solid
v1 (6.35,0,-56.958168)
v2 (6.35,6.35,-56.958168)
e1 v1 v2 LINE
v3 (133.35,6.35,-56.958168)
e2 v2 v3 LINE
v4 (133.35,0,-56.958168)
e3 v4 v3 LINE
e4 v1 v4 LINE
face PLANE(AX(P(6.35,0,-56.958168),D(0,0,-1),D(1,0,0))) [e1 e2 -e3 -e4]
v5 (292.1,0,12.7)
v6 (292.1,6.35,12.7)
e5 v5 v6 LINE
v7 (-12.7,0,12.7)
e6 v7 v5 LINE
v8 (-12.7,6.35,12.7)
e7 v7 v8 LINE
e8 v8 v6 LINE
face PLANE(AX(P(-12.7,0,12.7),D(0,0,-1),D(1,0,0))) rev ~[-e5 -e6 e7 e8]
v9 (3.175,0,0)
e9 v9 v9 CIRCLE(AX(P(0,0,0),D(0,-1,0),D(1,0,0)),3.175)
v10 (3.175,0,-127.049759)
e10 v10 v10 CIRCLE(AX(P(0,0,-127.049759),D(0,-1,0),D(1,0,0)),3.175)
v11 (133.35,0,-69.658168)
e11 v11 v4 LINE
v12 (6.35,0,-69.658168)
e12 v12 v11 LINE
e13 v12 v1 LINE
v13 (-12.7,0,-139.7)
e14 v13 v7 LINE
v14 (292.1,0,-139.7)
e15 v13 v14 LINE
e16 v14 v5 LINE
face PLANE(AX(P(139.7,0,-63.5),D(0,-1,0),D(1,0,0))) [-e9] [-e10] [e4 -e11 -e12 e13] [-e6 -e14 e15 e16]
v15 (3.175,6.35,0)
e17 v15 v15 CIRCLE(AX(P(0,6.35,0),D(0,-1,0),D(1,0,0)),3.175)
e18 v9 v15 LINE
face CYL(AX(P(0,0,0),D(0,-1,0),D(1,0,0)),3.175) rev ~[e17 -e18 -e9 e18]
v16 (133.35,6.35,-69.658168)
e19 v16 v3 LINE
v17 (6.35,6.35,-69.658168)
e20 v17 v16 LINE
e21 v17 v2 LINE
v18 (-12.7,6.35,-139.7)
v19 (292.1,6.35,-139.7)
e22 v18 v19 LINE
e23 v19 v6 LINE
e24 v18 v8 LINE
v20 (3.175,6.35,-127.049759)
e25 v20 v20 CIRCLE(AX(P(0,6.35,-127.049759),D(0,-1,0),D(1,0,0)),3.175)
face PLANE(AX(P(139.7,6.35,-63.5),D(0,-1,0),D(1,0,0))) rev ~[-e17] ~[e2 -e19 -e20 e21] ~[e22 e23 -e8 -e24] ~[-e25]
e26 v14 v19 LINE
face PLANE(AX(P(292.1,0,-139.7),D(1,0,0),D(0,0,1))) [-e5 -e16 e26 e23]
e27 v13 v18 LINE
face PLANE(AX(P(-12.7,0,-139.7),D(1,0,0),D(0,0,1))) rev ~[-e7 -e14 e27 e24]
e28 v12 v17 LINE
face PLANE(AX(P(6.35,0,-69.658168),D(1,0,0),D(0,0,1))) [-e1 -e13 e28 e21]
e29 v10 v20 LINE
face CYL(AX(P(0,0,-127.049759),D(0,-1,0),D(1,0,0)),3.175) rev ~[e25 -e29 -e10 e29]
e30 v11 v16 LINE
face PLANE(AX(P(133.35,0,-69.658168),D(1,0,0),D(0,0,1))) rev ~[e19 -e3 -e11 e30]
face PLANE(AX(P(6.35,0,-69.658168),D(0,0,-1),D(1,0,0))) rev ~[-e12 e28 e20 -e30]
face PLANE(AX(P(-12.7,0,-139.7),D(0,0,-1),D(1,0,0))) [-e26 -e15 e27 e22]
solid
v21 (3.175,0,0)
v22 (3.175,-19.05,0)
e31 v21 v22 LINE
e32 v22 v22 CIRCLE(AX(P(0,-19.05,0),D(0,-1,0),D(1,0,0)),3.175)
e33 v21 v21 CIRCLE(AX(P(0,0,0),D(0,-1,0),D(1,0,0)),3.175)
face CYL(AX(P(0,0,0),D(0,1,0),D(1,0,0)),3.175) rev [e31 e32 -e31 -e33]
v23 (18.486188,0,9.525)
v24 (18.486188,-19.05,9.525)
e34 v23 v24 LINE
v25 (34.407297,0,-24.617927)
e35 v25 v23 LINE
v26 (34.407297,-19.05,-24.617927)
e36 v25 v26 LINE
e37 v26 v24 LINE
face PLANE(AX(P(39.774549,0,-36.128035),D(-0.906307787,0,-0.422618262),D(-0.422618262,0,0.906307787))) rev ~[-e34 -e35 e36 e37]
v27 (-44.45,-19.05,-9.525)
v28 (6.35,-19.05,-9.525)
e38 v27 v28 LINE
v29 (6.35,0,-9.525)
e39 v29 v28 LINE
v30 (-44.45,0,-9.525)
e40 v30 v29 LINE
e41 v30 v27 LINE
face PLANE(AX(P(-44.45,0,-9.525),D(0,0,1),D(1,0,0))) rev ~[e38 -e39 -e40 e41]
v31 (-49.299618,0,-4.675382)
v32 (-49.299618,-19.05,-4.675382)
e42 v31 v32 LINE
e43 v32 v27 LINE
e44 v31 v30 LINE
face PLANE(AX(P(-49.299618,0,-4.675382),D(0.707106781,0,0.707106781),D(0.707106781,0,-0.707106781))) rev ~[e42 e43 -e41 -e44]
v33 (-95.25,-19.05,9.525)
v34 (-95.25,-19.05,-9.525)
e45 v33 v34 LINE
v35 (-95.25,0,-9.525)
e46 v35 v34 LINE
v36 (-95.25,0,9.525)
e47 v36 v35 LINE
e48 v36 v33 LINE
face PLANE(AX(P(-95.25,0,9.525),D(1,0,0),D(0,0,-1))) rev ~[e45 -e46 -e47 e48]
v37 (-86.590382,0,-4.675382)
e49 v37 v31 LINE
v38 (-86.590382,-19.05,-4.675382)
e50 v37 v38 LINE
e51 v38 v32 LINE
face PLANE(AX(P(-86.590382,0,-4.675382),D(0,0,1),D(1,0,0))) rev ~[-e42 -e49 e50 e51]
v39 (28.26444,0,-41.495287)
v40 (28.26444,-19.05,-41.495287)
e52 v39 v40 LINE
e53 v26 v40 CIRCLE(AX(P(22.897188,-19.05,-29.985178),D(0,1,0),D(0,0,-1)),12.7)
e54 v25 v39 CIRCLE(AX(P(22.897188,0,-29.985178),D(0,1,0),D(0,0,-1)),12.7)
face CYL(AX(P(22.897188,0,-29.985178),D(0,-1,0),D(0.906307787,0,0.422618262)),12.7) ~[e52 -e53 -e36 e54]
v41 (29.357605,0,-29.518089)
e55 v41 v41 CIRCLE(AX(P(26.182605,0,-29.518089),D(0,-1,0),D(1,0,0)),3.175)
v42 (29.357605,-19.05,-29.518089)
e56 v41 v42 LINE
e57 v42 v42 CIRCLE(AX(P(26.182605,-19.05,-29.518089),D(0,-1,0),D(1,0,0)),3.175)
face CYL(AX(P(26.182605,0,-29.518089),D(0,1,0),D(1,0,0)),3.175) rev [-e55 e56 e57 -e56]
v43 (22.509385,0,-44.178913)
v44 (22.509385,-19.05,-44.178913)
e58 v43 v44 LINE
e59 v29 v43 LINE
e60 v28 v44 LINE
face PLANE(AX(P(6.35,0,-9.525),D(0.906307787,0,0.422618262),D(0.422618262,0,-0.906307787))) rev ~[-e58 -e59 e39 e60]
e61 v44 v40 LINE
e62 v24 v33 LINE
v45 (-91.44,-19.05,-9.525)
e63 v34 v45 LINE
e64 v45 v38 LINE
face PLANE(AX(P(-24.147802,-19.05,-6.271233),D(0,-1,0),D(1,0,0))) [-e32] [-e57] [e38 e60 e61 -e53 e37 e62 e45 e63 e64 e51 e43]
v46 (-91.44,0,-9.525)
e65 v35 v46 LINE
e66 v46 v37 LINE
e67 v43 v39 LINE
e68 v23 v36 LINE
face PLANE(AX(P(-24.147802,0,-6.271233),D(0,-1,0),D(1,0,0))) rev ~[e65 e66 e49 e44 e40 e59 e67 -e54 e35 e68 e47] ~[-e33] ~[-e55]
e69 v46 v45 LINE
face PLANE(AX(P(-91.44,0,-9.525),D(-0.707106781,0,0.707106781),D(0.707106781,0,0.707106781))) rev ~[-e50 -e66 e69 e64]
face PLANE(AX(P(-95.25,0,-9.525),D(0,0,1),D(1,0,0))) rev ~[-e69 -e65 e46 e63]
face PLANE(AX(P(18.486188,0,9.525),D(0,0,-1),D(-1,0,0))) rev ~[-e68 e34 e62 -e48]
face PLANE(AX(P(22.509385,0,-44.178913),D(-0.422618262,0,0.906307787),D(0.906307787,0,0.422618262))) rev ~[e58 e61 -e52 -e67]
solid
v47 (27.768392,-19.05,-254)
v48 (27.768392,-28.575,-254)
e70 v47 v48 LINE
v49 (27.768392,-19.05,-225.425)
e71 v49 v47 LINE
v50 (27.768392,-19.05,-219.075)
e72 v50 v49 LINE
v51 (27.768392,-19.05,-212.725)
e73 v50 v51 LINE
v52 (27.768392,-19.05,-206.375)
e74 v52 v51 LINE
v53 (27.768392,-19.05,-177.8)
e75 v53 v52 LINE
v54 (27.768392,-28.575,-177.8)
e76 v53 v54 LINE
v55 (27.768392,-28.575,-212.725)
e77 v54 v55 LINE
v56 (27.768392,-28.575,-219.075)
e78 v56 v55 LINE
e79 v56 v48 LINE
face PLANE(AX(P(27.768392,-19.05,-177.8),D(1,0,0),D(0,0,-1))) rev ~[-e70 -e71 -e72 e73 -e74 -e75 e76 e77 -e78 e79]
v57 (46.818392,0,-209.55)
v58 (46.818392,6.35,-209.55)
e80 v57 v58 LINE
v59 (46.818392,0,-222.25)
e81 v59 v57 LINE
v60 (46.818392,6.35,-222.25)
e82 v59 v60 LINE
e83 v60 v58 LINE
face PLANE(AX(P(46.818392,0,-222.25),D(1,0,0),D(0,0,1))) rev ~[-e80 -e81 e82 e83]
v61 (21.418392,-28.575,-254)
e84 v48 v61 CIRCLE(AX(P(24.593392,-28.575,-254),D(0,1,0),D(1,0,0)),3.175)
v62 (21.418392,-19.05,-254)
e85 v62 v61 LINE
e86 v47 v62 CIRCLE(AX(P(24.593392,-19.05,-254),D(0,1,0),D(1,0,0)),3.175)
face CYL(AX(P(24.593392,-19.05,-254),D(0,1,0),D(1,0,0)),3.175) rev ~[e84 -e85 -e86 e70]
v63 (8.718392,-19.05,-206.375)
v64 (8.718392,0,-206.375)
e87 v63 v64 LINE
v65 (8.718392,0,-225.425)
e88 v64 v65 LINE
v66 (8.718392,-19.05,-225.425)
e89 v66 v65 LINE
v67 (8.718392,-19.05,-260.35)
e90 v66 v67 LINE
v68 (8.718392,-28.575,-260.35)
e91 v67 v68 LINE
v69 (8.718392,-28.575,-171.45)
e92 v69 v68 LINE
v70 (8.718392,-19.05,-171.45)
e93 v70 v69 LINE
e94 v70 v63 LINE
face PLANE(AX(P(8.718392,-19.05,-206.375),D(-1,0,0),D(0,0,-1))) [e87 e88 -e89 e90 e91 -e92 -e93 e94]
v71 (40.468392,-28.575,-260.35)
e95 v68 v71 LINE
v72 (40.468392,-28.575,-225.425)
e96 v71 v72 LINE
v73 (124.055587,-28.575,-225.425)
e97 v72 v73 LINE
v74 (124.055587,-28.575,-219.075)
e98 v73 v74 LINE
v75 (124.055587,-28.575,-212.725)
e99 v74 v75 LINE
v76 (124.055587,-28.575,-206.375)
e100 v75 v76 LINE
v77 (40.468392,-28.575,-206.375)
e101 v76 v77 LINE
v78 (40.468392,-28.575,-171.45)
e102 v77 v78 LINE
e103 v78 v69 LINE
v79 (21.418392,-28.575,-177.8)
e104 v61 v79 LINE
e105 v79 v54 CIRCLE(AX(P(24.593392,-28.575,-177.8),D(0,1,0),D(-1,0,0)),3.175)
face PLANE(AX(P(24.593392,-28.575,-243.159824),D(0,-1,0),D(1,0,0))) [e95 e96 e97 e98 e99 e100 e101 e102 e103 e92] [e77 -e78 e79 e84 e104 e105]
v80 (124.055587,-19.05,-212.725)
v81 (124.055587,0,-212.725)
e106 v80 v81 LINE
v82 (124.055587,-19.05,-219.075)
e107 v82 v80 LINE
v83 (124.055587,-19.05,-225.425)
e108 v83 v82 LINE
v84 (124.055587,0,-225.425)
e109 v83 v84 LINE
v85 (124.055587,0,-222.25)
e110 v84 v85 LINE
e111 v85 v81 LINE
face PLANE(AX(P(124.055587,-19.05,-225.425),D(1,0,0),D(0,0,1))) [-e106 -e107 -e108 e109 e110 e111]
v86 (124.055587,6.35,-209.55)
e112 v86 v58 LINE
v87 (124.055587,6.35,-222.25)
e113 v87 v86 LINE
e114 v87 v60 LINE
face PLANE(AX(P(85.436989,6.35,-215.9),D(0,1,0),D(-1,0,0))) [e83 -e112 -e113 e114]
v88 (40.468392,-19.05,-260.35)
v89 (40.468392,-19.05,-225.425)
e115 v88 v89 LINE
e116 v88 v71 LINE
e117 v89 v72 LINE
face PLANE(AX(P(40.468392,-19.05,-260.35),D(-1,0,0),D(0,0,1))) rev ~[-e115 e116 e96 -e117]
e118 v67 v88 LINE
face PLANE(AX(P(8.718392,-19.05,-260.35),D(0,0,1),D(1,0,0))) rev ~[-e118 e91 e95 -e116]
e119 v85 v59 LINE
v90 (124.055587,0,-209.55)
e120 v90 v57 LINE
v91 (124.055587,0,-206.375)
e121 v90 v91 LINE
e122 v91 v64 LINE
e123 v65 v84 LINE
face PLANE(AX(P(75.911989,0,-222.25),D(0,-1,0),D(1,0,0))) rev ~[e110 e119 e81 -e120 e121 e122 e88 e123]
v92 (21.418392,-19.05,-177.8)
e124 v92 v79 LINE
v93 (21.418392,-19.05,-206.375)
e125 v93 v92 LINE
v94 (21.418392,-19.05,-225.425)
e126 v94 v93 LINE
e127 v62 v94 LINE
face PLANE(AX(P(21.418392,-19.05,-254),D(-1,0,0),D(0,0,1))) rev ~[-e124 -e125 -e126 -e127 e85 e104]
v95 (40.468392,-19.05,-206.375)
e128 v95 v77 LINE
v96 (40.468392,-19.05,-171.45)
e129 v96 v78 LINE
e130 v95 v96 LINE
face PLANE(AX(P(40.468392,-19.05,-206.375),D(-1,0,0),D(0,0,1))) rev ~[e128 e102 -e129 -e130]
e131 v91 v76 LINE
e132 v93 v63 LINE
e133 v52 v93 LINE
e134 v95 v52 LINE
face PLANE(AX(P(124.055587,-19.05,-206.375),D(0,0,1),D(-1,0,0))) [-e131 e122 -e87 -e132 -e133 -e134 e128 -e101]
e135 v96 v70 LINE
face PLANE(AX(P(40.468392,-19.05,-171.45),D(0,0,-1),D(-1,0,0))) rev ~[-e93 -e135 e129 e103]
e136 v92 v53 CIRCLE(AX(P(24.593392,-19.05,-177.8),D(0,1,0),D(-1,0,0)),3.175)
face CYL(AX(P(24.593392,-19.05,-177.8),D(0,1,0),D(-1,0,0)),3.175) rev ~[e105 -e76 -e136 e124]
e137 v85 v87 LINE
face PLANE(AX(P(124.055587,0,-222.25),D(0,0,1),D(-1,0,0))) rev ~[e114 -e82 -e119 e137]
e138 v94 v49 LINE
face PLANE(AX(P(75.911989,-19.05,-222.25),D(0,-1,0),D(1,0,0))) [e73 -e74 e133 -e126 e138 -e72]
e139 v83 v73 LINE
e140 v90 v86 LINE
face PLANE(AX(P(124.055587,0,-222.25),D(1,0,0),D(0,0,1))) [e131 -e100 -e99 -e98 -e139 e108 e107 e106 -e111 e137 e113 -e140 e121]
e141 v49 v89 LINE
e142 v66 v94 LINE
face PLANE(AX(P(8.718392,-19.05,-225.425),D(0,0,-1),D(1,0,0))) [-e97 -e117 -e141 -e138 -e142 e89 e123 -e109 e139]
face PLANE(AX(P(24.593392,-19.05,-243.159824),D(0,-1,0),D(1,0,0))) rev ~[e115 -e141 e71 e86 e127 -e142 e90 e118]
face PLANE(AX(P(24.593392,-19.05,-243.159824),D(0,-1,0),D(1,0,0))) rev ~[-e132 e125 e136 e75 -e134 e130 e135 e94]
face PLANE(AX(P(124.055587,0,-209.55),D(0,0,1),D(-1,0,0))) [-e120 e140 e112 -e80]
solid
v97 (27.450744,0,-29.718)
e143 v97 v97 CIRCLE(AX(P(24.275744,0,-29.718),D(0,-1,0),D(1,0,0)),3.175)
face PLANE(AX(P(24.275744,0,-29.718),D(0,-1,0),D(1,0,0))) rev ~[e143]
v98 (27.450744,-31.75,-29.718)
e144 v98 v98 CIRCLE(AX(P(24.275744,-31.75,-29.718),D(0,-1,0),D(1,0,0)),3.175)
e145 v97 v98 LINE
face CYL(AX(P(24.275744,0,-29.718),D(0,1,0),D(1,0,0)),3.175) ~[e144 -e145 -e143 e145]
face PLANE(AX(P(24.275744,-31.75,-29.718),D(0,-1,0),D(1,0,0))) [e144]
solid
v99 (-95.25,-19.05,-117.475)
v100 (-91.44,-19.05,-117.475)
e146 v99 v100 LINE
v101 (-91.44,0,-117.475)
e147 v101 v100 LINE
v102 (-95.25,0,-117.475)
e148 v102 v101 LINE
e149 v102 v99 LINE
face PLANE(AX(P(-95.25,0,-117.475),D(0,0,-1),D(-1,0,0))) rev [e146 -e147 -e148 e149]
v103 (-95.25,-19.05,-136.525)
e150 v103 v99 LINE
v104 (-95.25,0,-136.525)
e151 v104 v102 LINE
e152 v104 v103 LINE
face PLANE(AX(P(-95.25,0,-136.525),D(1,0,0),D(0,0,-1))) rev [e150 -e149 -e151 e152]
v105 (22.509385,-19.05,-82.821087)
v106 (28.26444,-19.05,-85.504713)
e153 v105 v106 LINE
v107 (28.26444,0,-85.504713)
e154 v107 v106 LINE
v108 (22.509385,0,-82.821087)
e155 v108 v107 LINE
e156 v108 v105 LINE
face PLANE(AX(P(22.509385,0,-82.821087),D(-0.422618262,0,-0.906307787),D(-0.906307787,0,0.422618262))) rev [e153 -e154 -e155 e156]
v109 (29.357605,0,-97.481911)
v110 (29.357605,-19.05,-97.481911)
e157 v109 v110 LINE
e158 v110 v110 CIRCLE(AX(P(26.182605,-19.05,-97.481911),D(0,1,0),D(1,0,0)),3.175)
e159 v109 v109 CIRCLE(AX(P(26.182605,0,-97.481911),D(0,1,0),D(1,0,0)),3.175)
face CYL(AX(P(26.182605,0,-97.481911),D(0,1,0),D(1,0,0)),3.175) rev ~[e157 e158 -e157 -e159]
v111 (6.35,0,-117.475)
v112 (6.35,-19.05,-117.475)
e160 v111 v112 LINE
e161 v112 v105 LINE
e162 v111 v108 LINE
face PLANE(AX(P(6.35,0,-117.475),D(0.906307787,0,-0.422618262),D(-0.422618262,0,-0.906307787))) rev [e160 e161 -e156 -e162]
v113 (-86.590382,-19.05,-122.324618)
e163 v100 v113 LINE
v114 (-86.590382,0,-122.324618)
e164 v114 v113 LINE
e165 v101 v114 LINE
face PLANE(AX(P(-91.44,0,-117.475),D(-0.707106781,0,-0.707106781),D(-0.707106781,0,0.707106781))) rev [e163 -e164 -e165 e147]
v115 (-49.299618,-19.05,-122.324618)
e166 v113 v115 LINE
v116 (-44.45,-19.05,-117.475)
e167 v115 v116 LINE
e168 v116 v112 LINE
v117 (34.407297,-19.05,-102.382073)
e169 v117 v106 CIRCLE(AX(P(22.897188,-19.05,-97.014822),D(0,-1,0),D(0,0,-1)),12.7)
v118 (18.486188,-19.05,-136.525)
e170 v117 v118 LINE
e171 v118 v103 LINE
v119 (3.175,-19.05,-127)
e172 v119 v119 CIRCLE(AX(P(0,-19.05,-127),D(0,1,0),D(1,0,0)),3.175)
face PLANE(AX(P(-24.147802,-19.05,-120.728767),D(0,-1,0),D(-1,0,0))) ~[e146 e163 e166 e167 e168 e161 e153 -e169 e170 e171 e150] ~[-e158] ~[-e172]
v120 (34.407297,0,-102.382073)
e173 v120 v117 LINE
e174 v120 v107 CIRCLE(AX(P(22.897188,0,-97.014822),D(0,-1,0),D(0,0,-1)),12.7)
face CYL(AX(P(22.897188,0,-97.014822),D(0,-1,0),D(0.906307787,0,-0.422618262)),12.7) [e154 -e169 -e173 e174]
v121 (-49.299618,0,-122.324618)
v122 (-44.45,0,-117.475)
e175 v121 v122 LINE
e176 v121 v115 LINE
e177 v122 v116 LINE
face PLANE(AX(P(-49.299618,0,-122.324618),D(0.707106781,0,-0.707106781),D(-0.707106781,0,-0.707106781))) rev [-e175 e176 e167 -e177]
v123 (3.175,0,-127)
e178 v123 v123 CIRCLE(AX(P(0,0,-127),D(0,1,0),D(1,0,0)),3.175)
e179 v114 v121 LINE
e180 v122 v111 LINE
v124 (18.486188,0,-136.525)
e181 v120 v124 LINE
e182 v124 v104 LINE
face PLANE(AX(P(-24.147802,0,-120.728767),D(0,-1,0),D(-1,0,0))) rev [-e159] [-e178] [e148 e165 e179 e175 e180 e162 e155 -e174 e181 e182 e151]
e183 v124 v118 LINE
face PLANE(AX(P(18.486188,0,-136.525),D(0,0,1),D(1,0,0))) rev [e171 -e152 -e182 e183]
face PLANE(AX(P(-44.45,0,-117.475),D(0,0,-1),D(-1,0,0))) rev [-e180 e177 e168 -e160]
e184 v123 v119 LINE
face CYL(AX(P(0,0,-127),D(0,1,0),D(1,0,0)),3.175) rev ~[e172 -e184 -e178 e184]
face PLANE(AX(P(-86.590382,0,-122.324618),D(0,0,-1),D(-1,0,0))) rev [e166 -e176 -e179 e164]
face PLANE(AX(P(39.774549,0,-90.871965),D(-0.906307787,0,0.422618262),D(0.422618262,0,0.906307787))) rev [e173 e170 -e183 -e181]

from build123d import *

# Parameters (mm, degrees)
F0_R      = 3.175
F1_DEPTH  = 19.05
F5_W      = 304.8
F5_H      = 152.4
F5_R      = 3.175
F5_W_2    = 127
F5_H_2    = 12.7
F6_DEPTH  = 6.35
F8_R      = 12.7
F8_2_R    = 12.7
F9_R      = 3.175
F10_DEPTH = 31.75
F11_W     = 12.7
F11_H     = 6.35
F11_W_2   = 96.2871945223
F12_DEPTH = 9.525
F11_W_3   = 6.35
F13_DEPTH = 19.05
F14_W     = 77.2371945223
F14_H     = 12.7
F15_DEPTH = 6.35


with BuildPart() as f1:
    # F0 (on Front) → F1 (new body)
    with BuildSketch(Plane.XZ):
        Polygon((18.4861884684, 9.525), (-95.25, 9.525), (-95.25, -9.525), (-91.44, -9.525), (-86.5903822696, -4.6753822696), (-49.2996177304, -4.6753822696), (-44.45, -9.525), (6.35, -9.525), (22.5093851571, -44.1789133007), (39.7745485002, -36.1280354145), align=None)
        with Locations((26.1826050089, -29.5180886138)):
            Circle(F0_R, mode=Mode.SUBTRACT)
        Circle(F0_R, mode=Mode.SUBTRACT)
    extrude(amount=F1_DEPTH)


with BuildPart() as f4_1:
    # F4: instance of F1
    add(f1.part.mirror(Plane.XY.offset(-63.5)))

    # F8#2
    f8_2_edges = [f4_1.edges().sort_by_distance(p)[0] for p in [
        (39.774549, -9.525, -90.871965),
    ]]
    fillet(f8_2_edges, radius=F8_2_R)


with BuildPart() as f6:
    # F5 (on Front) → F6 (new body)
    with BuildSketch(Plane.XZ):
        with Locations((139.7, -63.5)):
            Rectangle(F5_W, F5_H)
        with Locations((0, -127.0497590303)):
            Circle(F5_R, mode=Mode.SUBTRACT)
        with Locations((69.85, -63.3081676602)):
            Rectangle(F5_W_2, F5_H_2, mode=Mode.SUBTRACT)
        Circle(F5_R, mode=Mode.SUBTRACT)
    extrude(amount=-F6_DEPTH)


with BuildPart() as f1_1:
    add(f1.part)

    # F8
    f8_edges = [f1_1.edges().sort_by_distance(p)[0] for p in [
        (39.774549, -9.525, -36.128035),
    ]]
    fillet(f8_edges, radius=F8_R)


with BuildPart() as f10:
    # F9 (on face) → F10 (new body)
    with BuildSketch(Plane.XZ):
        with Locations((24.2757443339, -29.718)):
            Circle(F9_R)
    extrude(amount=F10_DEPTH)


with BuildPart() as f12:
    # F11 (on offset) → F12 (new body)
    with BuildSketch(Plane.XZ.offset(19.05)):
        with BuildLine():
            Line((21.4183922329, -225.425), (8.7183922329, -225.425))
            Line((8.7183922329, -225.425), (8.7183922329, -260.35))
            Line((8.7183922329, -260.35), (40.4683922329, -260.35))
            Line((40.4683922329, -260.35), (40.4683922329, -225.425))
            Line((40.4683922329, -225.425), (27.7683922329, -225.425))
            Line((27.7683922329, -225.425), (27.7683922329, -254))
            ThreePointArc((27.7683922329, -254), (24.5933922329, -257.175), (21.4183922329, -254))
            Line((21.4183922329, -254), (21.4183922329, -225.425))
        make_face()
        with BuildLine():
            Line((40.4683922329, -171.45), (8.7183922329, -171.45))
            Line((8.7183922329, -171.45), (8.7183922329, -206.375))
            Line((8.7183922329, -206.375), (21.4183922329, -206.375))
            Line((21.4183922329, -206.375), (21.4183922329, -177.8))
            ThreePointArc((21.4183922329, -177.8), (24.5933922329, -174.625), (27.7683922329, -177.8))
            Line((27.7683922329, -177.8), (27.7683922329, -206.375))
            Line((27.7683922329, -206.375), (40.4683922329, -206.375))
            Line((40.4683922329, -206.375), (40.4683922329, -171.45))
        make_face()
        Polygon((124.0555867553, -206.375), (40.4683922329, -206.375), (27.7683922329, -206.375), (27.7683922329, -212.725), (124.0555867553, -212.725), align=None)
        with Locations((15.0683922329, -209.55)):
            Rectangle(F11_W, F11_H)
        with Locations((15.0683922329, -222.25)):
            Rectangle(F11_W, F11_H)
        Polygon((124.0555867553, -225.425), (124.0555867553, -219.075), (27.7683922329, -219.075), (27.7683922329, -225.425), (40.4683922329, -225.425), align=None)
        with Locations((75.9119894941, -215.9)):
            Rectangle(F11_W_2, F11_H)
        with Locations((15.0683922329, -215.9)):
            Rectangle(F11_W, F11_H)
    extrude(amount=F12_DEPTH)

    # F11 (on offset) → F13 (join)
    with BuildSketch(Plane.XZ.offset(19.05)):
        Polygon((124.0555867553, -225.425), (124.0555867553, -219.075), (27.7683922329, -219.075), (27.7683922329, -225.425), (40.4683922329, -225.425), align=None)
        with Locations((75.9119894941, -215.9)):
            Rectangle(F11_W_2, F11_H)
        Polygon((124.0555867553, -206.375), (40.4683922329, -206.375), (27.7683922329, -206.375), (27.7683922329, -212.725), (124.0555867553, -212.725), align=None)
        with Locations((15.0683922329, -209.55)):
            Rectangle(F11_W, F11_H)
        with Locations((15.0683922329, -222.25)):
            Rectangle(F11_W, F11_H)
        with Locations((15.0683922329, -215.9)):
            Rectangle(F11_W, F11_H)
        with Locations((24.5933922329, -215.9)):
            Rectangle(F11_W_3, F11_H)
        with Locations((24.5933922329, -209.55)):
            Rectangle(F11_W_3, F11_H)
        with Locations((24.5933922329, -222.25)):
            Rectangle(F11_W_3, F11_H)
    extrude(amount=-F13_DEPTH)

    # F14 (on face) → F15 (join)
    with BuildSketch(Plane(origin=(0, 0, 0), x_dir=(-1, 0, 0), z_dir=(0, 1, 0))):
        with Locations((-85.4369894941, -215.9)):
            Rectangle(F14_W, F14_H)
    extrude(amount=F15_DEPTH)


solid = Compound([f4_1.part, f6.part, f1_1.part, f10.part, f12.part])
